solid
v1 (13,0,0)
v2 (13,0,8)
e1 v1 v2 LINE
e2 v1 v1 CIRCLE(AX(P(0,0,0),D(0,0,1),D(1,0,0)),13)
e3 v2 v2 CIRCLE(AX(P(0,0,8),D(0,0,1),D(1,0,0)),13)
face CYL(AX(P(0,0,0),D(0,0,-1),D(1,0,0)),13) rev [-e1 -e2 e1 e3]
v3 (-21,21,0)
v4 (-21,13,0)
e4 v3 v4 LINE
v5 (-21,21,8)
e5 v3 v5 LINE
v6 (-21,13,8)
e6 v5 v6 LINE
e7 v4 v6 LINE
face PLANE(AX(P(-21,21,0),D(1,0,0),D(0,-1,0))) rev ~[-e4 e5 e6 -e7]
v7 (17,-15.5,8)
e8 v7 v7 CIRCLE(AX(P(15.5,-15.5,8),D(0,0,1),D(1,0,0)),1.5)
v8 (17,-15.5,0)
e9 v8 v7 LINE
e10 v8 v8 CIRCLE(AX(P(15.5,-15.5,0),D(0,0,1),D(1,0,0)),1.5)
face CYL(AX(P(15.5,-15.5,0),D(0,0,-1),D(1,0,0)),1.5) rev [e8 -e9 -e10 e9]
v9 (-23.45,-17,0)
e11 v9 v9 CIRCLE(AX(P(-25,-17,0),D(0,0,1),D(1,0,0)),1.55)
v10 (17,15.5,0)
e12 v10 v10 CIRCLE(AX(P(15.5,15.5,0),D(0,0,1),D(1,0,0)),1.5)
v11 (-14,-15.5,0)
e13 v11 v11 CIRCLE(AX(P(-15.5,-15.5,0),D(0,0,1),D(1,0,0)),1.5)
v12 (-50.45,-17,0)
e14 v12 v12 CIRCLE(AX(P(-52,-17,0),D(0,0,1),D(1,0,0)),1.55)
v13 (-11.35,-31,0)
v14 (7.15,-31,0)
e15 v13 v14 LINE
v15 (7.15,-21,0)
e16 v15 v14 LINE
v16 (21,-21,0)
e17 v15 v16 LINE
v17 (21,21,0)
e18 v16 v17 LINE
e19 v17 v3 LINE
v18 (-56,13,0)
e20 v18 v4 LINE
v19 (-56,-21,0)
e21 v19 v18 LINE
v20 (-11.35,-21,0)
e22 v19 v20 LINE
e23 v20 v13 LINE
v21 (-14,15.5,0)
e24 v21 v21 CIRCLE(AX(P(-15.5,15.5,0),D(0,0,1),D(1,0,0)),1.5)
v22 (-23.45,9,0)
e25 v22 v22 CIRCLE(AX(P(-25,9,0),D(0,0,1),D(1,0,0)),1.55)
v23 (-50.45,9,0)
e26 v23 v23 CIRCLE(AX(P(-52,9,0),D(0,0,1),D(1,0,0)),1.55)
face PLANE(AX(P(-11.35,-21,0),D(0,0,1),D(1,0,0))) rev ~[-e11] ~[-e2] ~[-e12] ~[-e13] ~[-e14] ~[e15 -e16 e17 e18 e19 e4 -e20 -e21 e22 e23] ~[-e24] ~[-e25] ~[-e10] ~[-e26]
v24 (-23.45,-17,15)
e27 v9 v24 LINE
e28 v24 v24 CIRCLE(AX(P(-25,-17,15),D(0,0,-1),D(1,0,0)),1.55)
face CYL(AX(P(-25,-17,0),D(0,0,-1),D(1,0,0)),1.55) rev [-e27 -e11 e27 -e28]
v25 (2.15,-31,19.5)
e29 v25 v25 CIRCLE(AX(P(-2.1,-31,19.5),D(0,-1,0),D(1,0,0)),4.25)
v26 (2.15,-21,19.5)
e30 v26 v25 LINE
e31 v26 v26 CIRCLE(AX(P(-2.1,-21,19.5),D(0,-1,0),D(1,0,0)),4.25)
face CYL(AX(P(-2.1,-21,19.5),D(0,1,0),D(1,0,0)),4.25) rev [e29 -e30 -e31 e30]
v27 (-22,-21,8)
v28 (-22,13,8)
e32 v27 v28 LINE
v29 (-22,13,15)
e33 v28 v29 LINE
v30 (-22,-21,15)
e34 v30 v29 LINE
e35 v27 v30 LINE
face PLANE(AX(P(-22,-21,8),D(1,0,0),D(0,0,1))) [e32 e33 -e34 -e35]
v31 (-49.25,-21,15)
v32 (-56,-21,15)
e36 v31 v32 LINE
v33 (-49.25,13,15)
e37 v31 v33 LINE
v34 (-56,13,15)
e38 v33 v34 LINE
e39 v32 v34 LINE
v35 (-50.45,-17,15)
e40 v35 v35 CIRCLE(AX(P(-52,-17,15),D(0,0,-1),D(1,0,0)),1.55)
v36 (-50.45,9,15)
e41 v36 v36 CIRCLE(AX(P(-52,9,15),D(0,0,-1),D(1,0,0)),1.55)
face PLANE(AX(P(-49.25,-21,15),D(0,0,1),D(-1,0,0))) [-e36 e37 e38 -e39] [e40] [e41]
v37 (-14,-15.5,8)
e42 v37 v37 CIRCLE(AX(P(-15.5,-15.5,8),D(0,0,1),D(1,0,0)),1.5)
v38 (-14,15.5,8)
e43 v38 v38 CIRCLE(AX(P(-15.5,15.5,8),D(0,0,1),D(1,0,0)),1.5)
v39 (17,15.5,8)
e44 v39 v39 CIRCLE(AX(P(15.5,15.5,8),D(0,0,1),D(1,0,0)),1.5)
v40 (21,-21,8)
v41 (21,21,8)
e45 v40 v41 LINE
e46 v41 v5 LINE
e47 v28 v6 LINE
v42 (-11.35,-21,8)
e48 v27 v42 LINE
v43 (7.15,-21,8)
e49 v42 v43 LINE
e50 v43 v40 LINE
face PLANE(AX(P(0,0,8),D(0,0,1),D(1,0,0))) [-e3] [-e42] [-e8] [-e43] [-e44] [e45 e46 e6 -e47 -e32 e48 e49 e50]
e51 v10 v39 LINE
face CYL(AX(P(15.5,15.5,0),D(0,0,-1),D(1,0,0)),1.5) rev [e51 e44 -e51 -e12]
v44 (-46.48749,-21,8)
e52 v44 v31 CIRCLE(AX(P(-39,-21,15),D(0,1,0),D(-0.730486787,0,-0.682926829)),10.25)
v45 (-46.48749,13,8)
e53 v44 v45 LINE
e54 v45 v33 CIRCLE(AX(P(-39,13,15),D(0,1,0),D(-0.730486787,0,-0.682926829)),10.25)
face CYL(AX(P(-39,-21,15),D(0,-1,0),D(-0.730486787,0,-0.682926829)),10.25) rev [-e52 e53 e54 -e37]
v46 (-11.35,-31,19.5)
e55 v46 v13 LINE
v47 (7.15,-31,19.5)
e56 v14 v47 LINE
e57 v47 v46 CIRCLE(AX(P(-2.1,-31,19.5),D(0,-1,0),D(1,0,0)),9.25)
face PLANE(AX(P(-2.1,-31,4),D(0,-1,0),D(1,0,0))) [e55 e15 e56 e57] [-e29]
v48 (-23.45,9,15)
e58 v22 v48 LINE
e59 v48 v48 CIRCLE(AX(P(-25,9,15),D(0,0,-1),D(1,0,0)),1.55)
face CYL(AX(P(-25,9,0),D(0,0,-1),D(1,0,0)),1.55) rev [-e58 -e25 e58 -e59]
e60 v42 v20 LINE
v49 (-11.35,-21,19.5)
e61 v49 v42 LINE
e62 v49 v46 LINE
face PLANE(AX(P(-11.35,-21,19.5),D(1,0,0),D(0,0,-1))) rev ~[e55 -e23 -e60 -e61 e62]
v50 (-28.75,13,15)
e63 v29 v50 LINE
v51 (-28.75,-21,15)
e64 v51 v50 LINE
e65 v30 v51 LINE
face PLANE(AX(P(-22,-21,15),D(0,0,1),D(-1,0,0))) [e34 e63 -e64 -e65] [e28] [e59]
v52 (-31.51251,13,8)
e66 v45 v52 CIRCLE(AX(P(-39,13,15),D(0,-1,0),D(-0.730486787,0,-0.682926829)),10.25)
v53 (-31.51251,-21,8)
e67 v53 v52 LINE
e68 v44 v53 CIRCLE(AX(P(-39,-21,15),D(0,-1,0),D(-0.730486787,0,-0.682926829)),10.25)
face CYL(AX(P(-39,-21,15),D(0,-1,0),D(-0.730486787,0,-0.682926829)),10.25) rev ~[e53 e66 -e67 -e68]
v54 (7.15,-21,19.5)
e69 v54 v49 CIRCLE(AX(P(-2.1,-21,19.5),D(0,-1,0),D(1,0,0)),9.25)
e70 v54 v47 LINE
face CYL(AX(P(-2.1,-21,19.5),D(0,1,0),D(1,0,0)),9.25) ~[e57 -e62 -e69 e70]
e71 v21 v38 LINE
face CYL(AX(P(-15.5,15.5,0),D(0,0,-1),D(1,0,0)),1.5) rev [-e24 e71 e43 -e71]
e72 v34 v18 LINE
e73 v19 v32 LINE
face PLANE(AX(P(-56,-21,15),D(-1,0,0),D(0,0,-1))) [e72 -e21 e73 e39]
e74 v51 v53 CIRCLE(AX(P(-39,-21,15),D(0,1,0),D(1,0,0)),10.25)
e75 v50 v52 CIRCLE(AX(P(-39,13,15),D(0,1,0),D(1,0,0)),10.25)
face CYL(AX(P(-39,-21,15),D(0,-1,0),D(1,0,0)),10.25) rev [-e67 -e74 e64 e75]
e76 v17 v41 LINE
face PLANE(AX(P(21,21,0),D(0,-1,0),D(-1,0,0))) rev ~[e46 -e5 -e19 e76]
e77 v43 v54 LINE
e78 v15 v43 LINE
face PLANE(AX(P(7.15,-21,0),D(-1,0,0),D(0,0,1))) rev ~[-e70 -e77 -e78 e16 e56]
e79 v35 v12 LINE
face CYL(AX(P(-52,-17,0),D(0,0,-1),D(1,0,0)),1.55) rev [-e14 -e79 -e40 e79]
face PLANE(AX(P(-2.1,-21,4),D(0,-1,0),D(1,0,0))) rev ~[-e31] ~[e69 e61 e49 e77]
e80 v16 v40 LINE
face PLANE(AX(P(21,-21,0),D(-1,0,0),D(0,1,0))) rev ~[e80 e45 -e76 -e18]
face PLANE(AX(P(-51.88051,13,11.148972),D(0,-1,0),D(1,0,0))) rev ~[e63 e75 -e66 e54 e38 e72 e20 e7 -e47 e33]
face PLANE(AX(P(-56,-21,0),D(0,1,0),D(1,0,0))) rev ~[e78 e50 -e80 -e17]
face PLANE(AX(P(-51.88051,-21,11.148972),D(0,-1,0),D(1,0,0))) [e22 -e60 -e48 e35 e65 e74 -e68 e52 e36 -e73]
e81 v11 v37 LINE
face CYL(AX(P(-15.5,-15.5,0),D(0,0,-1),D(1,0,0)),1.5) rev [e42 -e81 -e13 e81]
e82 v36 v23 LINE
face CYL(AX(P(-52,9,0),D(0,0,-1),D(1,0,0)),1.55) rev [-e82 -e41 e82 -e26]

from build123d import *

# Parameters (mm, degrees)
F0_R     = 1.5
F0_R_2   = 13
F0_W     = 35
F0_H     = 34
F0_R_3   = 1.55
F1_DEPTH = 8
F2_W     = 18.5
F2_H     = 8
F2_R     = 4.25
F3_DEPTH = 10
F5_DEPTH = 34
F6_DEPTH = 42.001
F7_DEPTH = 28.751


with BuildPart() as f1:
    # F0 (on Top) → F1 (new body)
    with BuildSketch(Plane.XY):
        Polygon((21, 21), (-21, 21), (-21, 13), (-21, -21), (0, -21), (21, -21), (21, -16), align=None)
        with Locations((-15.5, -15.5)):
            Circle(F0_R, mode=Mode.SUBTRACT)
        with Locations((15.5, -15.5)):
            Circle(F0_R, mode=Mode.SUBTRACT)
        Circle(F0_R_2, mode=Mode.SUBTRACT)
        with Locations((-15.5, 15.5)):
            Circle(F0_R, mode=Mode.SUBTRACT)
        with Locations((15.5, 15.5)):
            Circle(F0_R, mode=Mode.SUBTRACT)
        with Locations((-38.5, -4)):
            Rectangle(F0_W, F0_H)
        with Locations((-52, -17)):
            Circle(F0_R_3, mode=Mode.SUBTRACT)
        with Locations((-25, -17)):
            Circle(F0_R_3, mode=Mode.SUBTRACT)
        with Locations((-52, 9)):
            Circle(F0_R_3, mode=Mode.SUBTRACT)
        with Locations((-25, 9)):
            Circle(F0_R_3, mode=Mode.SUBTRACT)
    extrude(amount=F1_DEPTH)

    # F2 (on face) → F3 (join)
    with BuildSketch(Plane.XZ.offset(21)):
        with Locations((-2.1, 4)):
            Rectangle(F2_W, F2_H)
        with BuildLine():
            Line((-11.35, 19.5), (-11.35, 8))
            Line((-11.35, 8), (7.15, 8))
            Line((7.15, 8), (7.15, 19.5))
            ThreePointArc((7.15, 19.5), (-2.1, 28.75), (-11.35, 19.5))
        make_face()
        with Locations((-2.1, 19.5)):
            Circle(F2_R, mode=Mode.SUBTRACT)
    extrude(amount=F3_DEPTH)

    # F4 (on face) → F5 (join, through all)
    with BuildSketch(Plane.XZ.offset(21)):
        with BuildLine():
            Line((-56, 15), (-56, 8))
            Line((-56, 8), (-46.4874895659, 8))
            ThreePointArc((-46.4874895659, 8), (-48.5343921686, 11.2373060217), (-49.25, 15))
            Line((-49.25, 15), (-56, 15))
        make_face()
        with BuildLine():
            ThreePointArc((-28.75, 15), (-29.4656078314, 11.2373060217), (-31.5125104341, 8))
            Line((-31.5125104341, 8), (-22, 8))
            Line((-22, 8), (-22, 15))
            Line((-22, 15), (-28.75, 15))
        make_face()
    extrude(amount=-F5_DEPTH)

    # F4 (on face) → F6 (cut, through all)
    with BuildSketch(Plane.XZ.offset(21)):
        with BuildLine():
            Line((-31.5125104341, 8), (-46.4874895659, 8))
            ThreePointArc((-46.4874895659, 8), (-39, 4.75), (-31.5125104341, 8))
        make_face()
    extrude(amount=-F6_DEPTH, mode=Mode.SUBTRACT)

    # F0 (on Top) → F7 (cut, through all)
    with BuildSketch(Plane.XY):
        with Locations((-52, -17)):
            Circle(F0_R_3)
        with Locations((-25, -17)):
            Circle(F0_R_3)
        with Locations((-25, 9)):
            Circle(F0_R_3)
        with Locations((-52, 9)):
            Circle(F0_R_3)
    extrude(amount=F7_DEPTH, mode=Mode.SUBTRACT)


solid = f1.part
